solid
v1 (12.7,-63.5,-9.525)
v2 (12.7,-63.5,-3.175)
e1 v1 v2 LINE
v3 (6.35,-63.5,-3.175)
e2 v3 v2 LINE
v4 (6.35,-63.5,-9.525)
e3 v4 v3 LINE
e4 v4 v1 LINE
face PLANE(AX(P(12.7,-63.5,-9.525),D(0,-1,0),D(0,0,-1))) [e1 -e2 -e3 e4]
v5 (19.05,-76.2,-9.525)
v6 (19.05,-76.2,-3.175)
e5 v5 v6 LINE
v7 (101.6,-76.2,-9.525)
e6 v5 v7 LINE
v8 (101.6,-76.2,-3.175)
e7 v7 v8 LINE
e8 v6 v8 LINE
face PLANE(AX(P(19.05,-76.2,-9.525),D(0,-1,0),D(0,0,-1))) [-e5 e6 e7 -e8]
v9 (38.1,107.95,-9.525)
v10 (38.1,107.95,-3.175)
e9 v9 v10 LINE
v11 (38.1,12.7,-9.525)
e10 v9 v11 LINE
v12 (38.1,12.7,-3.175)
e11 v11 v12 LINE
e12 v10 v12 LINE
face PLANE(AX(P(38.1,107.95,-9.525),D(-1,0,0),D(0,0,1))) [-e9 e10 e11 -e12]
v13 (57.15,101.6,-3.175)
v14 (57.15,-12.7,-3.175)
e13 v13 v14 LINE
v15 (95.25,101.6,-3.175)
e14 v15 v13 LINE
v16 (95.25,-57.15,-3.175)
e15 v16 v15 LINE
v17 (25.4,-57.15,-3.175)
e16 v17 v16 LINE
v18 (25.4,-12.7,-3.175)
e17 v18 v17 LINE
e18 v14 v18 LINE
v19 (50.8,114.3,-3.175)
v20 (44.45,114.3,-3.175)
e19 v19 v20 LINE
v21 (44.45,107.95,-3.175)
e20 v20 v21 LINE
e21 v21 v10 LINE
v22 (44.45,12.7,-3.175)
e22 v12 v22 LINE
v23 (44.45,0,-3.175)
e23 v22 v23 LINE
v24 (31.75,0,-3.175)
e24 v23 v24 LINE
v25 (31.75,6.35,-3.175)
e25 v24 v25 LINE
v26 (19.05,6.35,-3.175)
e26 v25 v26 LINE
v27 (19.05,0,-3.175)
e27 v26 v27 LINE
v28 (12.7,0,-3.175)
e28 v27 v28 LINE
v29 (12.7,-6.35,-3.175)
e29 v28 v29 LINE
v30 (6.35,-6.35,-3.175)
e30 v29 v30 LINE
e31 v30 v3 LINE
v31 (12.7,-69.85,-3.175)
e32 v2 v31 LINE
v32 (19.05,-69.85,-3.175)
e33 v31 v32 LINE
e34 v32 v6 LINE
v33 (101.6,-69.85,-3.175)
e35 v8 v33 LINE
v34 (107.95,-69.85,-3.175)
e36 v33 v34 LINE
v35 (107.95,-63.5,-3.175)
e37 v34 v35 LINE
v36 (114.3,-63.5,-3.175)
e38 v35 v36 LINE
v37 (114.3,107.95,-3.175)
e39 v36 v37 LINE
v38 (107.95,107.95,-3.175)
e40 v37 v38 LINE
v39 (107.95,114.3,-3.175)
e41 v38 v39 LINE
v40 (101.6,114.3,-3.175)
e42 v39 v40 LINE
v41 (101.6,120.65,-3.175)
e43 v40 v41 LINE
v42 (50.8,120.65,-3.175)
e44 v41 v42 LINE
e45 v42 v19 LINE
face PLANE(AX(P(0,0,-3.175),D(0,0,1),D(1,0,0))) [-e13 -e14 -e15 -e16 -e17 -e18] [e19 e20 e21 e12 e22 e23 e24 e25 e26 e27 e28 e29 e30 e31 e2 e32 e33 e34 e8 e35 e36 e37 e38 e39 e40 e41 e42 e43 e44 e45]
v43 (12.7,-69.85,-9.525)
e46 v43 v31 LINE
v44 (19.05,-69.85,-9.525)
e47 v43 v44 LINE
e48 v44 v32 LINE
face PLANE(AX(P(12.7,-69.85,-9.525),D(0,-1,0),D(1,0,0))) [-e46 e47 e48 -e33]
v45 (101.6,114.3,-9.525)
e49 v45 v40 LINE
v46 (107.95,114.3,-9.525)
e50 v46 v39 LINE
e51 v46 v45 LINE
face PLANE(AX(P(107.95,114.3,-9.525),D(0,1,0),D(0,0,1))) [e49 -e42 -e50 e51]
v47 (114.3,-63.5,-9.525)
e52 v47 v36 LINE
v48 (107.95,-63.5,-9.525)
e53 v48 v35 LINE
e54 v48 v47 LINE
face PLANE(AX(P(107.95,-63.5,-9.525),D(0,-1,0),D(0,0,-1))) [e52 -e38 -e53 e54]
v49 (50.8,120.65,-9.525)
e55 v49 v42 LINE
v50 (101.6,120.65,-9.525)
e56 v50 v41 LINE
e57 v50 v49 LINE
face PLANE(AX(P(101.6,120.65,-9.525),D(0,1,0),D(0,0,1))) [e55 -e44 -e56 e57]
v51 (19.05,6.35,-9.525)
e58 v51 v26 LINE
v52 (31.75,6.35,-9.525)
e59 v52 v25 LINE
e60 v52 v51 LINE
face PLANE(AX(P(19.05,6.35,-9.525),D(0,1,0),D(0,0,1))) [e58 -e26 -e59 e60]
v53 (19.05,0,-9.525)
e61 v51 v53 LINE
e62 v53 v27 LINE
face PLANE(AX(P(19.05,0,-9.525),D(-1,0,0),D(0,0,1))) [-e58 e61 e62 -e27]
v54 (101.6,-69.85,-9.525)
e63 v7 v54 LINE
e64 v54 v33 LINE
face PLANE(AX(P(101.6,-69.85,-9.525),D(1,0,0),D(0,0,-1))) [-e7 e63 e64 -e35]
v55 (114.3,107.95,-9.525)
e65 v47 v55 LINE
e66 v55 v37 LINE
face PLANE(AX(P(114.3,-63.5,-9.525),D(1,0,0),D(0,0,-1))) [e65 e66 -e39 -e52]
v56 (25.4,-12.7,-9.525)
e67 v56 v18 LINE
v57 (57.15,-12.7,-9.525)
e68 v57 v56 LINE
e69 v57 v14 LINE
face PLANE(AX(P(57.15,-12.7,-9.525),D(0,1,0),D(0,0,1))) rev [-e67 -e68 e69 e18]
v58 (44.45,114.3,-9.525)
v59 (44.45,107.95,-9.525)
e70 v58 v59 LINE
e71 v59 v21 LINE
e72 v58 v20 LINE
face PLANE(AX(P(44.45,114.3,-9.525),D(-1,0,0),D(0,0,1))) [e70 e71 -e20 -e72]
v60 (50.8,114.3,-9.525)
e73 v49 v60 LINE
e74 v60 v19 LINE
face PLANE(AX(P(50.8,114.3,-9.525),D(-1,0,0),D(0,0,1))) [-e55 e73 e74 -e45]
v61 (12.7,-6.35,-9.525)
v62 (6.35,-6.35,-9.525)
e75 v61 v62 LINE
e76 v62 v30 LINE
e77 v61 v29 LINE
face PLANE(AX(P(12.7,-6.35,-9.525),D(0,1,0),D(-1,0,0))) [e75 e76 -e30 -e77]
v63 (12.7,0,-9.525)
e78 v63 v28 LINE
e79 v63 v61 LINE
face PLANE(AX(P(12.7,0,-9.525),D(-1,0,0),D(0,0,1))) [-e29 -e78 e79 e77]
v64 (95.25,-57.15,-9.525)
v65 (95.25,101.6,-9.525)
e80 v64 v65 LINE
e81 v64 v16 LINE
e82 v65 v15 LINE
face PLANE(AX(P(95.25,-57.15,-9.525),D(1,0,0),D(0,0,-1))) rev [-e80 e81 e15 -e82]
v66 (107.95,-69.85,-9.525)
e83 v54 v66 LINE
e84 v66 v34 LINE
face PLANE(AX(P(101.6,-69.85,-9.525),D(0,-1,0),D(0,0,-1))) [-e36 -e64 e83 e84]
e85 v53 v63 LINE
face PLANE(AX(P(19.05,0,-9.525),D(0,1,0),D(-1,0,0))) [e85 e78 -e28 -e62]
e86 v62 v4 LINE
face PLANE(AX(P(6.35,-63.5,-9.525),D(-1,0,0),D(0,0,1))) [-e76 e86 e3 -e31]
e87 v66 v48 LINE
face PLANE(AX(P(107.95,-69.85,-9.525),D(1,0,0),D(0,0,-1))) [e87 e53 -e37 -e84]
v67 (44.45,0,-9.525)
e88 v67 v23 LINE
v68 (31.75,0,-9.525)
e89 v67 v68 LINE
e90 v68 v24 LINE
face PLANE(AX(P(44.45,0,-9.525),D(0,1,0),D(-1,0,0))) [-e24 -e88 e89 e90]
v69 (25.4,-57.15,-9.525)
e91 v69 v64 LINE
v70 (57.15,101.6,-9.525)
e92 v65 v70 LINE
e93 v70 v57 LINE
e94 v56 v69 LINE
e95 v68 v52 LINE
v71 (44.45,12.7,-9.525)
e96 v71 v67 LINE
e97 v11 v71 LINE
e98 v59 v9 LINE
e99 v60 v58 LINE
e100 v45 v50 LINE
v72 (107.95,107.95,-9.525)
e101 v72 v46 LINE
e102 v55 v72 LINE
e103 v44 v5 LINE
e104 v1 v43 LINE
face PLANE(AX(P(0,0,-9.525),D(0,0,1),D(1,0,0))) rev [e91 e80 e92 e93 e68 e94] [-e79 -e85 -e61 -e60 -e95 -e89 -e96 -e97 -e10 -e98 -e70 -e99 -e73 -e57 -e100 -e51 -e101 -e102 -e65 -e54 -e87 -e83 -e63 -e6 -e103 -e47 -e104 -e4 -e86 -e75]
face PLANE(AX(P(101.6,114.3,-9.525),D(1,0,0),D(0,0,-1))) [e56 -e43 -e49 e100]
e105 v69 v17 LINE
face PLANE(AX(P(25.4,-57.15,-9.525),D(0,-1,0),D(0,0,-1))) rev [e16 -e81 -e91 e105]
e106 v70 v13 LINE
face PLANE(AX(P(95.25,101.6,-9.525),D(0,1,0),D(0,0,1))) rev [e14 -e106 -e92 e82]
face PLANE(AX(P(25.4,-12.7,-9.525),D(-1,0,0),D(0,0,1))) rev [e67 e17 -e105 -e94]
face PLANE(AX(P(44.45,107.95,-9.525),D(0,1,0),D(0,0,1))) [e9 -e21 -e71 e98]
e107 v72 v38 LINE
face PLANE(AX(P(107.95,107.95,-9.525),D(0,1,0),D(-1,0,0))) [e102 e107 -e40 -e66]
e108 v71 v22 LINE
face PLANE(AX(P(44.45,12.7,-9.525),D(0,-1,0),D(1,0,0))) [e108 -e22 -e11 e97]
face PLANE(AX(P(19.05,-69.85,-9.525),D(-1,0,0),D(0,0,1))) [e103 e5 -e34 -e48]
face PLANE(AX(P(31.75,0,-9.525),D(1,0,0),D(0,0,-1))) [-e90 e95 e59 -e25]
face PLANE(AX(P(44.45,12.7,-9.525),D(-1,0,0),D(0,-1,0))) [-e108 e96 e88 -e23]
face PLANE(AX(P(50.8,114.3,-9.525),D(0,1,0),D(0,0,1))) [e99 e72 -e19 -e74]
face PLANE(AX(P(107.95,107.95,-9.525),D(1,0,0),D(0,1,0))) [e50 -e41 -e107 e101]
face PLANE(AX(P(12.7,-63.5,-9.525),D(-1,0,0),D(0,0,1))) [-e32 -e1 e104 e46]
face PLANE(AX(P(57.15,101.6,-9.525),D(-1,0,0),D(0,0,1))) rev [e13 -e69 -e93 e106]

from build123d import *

# Parameters (mm, degrees)
BOSS_EXTRUDE1_START = -3.175
BOSS_EXTRUDE1_DEPTH = 6.35
CUT_EXTRUDE1_DEPTH  = 167.316670842


with BuildPart() as part:
    # Sketch1 → Boss-Extrude1 (new body)
    with BuildSketch(Plane.XY.offset(BOSS_EXTRUDE1_START)):
        Polygon((12.7, -69.85), (19.05, -69.85), (19.05, -76.2), (101.6, -76.2), (101.6, -69.85), (107.95, -69.85), (107.95, -63.5), (114.3, -63.5), (114.3, 107.95), (107.95, 107.95), (107.95, 114.3), (101.6, 114.3), (101.6, 120.65), (50.8, 120.65), (50.8, 114.3), (44.45, 114.3), (44.45, 107.95), (38.1, 107.95), (38.1, 12.7), (44.45, 12.7), (44.45, 0), (31.75, 0), (31.75, 6.35), (19.05, 6.35), (19.05, 0), (12.7, 0), (12.7, -6.35), (6.35, -6.35), (6.35, -63.5), (12.7, -63.5), align=None)
    extrude(amount=-BOSS_EXTRUDE1_DEPTH)

    # Sketch2 → Cut-Extrude1 (cut, through all)
    with BuildSketch(Plane.XY.offset(-3.175)):
        Polygon((25.4, -57.15), (95.25, -57.15), (95.25, 101.6), (57.15, 101.6), (57.15, -12.7), (25.4, -12.7), align=None)
    extrude(amount=-CUT_EXTRUDE1_DEPTH, mode=Mode.SUBTRACT)


solid = part.part
